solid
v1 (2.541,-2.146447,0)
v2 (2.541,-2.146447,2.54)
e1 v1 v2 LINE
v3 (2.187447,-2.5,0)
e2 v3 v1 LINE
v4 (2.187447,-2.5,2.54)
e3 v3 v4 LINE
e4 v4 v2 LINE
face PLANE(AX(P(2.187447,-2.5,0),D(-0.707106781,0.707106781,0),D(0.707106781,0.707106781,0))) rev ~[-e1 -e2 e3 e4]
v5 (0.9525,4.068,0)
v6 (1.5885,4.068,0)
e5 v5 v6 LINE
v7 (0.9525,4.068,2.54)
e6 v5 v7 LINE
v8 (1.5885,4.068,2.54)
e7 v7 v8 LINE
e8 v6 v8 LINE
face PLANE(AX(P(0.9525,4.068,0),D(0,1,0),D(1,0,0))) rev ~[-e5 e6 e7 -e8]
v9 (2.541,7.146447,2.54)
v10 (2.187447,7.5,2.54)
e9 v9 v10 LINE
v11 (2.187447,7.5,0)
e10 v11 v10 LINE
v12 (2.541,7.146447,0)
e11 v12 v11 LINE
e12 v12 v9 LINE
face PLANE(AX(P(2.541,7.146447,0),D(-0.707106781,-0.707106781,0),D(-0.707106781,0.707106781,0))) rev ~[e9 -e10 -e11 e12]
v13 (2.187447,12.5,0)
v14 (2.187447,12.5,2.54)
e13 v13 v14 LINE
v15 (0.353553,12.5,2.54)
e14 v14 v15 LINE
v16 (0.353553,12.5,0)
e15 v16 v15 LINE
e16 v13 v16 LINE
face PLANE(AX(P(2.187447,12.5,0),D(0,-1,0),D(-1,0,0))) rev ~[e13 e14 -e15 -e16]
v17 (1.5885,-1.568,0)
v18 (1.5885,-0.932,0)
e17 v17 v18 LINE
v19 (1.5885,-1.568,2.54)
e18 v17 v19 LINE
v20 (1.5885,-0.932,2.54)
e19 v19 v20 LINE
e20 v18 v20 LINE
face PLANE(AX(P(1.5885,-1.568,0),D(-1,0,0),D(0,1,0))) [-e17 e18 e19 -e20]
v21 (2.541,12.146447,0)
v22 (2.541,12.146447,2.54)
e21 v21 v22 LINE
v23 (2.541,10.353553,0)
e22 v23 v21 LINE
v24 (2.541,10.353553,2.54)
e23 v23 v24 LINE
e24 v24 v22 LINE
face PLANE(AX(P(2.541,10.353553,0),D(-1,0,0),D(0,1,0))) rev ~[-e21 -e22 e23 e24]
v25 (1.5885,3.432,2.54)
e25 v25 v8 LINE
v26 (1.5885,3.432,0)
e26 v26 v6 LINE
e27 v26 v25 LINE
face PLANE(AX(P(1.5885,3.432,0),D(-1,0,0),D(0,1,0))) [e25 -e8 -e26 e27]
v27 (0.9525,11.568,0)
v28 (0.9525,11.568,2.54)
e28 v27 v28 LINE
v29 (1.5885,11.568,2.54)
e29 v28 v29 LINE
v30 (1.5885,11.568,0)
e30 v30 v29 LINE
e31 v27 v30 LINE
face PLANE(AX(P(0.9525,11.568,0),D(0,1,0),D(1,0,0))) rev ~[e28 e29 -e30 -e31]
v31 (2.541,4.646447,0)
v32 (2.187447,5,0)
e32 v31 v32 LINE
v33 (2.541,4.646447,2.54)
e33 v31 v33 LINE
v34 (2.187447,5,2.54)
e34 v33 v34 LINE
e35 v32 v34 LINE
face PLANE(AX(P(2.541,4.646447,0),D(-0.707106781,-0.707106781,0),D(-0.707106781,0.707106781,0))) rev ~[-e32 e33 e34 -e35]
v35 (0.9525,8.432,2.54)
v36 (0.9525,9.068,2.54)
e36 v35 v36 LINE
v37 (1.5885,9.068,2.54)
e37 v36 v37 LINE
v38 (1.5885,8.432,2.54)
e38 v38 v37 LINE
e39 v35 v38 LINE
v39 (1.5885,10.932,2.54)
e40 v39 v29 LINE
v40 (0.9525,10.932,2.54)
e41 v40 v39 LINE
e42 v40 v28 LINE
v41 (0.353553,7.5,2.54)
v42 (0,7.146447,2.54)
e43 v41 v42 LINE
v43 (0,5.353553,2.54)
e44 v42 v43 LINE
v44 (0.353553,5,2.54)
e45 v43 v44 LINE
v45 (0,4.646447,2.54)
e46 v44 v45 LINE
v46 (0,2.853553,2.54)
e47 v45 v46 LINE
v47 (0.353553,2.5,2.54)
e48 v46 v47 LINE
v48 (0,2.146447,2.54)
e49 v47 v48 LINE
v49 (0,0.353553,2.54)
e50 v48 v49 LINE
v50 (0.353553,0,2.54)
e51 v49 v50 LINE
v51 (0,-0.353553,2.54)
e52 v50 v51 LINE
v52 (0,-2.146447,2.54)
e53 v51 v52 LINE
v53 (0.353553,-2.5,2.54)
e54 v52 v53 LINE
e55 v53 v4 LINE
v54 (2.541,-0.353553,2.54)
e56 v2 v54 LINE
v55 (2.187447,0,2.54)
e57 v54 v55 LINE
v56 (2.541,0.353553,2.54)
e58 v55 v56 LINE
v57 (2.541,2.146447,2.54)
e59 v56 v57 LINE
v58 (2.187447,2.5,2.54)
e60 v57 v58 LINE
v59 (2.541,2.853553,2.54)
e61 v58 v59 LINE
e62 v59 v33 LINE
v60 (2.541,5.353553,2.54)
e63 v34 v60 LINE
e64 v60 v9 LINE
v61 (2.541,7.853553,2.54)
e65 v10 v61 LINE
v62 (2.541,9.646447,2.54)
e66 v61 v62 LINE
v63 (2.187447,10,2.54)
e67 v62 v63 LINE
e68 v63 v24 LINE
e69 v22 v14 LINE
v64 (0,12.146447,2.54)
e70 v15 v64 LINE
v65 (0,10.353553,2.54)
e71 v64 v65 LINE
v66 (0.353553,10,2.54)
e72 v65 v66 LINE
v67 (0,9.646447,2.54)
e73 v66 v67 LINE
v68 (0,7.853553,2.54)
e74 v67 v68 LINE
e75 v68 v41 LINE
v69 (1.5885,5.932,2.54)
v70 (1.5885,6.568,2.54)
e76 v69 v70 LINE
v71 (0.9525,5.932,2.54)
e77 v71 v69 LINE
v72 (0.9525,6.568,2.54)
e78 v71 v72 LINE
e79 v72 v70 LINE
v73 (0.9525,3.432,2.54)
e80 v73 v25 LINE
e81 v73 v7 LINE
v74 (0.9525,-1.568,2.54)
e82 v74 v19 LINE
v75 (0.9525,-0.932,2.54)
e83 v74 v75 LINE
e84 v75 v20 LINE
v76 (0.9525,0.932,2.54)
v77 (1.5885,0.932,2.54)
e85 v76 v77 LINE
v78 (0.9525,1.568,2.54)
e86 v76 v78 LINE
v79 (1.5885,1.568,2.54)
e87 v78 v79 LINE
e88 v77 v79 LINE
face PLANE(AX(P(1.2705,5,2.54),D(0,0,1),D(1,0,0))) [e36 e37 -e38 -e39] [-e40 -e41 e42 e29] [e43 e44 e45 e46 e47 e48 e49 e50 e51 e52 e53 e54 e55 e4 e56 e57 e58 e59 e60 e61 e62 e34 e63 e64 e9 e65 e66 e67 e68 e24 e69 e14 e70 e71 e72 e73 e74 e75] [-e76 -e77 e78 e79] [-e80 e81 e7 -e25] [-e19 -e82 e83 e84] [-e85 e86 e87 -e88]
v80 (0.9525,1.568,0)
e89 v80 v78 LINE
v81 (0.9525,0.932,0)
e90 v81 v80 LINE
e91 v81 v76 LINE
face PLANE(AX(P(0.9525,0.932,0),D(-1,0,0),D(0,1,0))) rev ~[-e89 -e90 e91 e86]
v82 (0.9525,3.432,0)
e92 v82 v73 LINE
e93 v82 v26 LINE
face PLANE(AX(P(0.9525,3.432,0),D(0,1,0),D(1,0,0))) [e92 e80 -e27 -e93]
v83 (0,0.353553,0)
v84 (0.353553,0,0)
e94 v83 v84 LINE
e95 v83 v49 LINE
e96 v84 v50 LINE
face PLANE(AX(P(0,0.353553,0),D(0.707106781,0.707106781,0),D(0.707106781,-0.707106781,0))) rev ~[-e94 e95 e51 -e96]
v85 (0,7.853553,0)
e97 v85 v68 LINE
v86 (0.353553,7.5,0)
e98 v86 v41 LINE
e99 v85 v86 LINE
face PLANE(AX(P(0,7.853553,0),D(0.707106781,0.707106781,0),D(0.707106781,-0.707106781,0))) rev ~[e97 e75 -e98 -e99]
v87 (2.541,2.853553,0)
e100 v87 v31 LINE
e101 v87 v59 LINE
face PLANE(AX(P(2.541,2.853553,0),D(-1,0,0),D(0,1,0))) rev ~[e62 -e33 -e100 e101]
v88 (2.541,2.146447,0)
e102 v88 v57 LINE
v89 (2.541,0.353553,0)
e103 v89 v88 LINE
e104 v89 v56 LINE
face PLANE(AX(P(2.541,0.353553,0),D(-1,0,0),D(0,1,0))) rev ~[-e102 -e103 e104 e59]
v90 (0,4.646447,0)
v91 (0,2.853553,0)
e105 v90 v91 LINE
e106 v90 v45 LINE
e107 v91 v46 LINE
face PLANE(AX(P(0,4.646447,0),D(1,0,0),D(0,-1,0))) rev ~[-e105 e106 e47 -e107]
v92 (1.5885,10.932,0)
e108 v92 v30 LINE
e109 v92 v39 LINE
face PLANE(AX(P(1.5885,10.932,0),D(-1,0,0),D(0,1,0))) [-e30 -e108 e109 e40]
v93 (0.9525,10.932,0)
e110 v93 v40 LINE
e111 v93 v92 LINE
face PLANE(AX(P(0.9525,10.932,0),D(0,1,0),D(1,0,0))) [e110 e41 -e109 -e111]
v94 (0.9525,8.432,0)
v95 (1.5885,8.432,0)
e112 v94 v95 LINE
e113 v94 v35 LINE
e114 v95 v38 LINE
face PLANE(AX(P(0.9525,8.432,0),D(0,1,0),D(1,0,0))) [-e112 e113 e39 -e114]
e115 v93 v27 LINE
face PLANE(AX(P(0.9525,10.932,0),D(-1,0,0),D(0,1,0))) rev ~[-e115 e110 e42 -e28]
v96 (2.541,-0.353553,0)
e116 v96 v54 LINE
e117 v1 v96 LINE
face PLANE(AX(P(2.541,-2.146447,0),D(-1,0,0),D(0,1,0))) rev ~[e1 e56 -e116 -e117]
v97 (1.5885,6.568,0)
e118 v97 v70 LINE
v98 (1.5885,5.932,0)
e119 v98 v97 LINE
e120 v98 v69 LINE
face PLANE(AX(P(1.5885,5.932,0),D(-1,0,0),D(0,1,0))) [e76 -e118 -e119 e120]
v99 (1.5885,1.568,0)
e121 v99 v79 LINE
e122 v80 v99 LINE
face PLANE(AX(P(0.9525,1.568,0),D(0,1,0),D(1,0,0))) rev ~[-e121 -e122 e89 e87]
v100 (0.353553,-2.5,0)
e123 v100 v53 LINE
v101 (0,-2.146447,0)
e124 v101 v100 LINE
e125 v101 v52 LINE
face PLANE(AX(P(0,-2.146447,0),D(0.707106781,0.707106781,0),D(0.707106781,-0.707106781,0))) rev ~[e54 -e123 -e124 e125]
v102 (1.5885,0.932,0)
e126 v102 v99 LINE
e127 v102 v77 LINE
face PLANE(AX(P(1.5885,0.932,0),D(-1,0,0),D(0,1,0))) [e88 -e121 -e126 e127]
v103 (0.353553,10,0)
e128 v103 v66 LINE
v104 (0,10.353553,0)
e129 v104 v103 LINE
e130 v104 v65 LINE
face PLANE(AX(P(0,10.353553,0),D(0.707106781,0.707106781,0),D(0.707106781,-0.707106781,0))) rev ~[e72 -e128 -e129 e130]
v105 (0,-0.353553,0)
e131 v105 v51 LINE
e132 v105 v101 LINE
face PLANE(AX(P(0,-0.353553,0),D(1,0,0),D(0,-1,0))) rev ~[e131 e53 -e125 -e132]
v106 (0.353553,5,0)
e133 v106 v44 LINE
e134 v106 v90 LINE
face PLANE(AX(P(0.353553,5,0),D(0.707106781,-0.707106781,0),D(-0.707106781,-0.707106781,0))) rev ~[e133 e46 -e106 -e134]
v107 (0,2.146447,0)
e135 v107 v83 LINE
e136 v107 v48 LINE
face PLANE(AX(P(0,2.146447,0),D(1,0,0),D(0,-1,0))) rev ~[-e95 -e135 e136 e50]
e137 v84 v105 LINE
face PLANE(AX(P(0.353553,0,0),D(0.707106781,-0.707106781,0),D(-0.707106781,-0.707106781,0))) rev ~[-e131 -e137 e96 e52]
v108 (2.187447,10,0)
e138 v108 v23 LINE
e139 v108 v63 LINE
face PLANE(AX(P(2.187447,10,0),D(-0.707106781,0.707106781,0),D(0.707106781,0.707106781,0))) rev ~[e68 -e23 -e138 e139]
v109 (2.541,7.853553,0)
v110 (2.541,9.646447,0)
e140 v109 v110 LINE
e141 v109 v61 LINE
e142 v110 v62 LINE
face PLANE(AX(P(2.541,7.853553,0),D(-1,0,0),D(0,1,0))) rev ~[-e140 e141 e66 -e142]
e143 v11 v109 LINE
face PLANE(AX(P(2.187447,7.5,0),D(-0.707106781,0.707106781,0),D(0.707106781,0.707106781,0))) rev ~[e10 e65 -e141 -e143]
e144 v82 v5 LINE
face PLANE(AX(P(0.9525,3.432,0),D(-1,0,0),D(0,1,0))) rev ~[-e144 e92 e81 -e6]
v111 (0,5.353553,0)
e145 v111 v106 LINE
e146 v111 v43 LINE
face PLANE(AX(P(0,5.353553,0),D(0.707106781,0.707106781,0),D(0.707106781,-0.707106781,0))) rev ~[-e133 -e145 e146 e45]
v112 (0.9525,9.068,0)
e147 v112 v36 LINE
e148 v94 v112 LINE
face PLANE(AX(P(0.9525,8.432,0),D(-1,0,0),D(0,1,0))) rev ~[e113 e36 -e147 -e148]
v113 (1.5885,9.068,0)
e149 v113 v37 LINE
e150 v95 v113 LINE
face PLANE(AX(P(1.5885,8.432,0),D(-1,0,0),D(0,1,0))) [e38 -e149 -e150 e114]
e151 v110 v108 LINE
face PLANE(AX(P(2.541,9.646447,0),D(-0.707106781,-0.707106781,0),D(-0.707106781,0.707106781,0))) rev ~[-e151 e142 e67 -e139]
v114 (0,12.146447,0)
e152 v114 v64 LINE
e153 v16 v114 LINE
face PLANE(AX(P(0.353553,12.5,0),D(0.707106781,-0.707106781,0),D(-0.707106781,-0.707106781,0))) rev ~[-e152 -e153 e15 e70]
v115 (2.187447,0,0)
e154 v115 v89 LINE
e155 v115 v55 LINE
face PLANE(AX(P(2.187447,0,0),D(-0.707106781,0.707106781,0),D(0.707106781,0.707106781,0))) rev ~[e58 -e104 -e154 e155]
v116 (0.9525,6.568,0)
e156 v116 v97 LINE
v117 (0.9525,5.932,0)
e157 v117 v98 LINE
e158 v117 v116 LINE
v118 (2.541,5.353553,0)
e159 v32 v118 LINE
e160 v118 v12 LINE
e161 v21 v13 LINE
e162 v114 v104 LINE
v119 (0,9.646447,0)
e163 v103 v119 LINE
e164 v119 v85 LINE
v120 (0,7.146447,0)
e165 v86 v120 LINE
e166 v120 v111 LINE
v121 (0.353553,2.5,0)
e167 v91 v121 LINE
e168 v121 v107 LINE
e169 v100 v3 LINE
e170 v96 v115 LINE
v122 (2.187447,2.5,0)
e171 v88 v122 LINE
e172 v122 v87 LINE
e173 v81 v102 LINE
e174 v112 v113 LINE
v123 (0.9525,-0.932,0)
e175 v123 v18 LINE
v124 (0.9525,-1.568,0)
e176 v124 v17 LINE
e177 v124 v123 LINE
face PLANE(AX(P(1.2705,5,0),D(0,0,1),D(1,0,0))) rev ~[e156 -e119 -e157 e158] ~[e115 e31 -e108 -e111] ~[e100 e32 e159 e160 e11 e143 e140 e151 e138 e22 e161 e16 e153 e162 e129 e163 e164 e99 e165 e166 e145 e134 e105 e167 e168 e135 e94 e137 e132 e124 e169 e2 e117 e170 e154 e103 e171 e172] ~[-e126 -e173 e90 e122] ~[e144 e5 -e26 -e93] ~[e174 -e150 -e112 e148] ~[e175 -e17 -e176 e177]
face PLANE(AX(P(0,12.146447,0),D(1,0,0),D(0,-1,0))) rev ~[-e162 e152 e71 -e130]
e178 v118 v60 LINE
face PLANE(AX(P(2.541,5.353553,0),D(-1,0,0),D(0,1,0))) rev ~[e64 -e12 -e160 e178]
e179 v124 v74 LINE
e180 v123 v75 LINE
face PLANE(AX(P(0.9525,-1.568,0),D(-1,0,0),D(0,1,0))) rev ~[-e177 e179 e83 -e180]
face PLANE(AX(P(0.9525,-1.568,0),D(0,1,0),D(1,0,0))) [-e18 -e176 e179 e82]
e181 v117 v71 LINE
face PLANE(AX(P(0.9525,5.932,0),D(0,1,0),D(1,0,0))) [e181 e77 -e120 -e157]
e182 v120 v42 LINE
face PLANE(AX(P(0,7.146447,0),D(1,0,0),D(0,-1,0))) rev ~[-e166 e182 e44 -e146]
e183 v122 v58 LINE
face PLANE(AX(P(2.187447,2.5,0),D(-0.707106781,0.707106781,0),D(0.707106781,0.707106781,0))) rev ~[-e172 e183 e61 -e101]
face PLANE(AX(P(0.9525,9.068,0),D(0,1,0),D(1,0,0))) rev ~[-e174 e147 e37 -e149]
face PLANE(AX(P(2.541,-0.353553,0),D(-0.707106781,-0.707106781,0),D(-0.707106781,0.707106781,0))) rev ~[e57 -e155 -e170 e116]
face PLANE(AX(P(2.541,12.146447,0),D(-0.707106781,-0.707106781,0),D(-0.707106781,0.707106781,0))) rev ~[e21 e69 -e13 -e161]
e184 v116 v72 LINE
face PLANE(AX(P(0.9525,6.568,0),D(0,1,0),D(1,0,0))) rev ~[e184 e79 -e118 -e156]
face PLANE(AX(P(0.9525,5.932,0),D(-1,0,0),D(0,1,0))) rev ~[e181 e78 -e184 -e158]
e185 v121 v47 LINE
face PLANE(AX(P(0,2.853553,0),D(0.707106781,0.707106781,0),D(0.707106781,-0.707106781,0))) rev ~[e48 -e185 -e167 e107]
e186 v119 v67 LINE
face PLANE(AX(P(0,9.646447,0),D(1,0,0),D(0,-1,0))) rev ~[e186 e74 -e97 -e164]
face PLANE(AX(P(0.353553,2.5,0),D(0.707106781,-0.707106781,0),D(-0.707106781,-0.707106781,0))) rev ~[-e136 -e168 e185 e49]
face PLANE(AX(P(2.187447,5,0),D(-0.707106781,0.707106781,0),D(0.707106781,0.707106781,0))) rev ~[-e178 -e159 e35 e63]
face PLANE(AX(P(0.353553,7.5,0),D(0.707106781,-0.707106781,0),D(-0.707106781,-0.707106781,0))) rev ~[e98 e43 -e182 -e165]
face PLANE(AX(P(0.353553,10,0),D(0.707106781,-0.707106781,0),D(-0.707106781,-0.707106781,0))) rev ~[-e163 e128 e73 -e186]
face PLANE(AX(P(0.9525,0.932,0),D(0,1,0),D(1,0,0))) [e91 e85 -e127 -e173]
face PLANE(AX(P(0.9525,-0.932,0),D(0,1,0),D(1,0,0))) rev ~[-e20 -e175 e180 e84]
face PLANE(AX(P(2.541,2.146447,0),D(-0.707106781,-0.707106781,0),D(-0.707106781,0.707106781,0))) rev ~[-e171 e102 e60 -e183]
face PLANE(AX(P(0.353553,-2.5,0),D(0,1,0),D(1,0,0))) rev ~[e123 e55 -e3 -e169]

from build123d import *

# Parameters (mm, degrees)
PIN_BODY_W          = 0.636
PIN_BODY_H          = 0.636
BOSS_EXTRUDE1_DEPTH = 2.54


with BuildPart() as part:
    # pin_body → Boss-Extrude1 (new body)
    with BuildSketch(Plane.XY):
        Polygon((0, 2.146446609), (0, 0.353553391), (0.353553391, 0), (0, -0.353553391), (0, -2.146446609), (0.353553391, -2.5), (2.187446609, -2.5), (2.541, -2.146446609), (2.541, -0.353553391), (2.187446609, 0), (2.541, 0.353553391), (2.541, 2.146446609), (2.187446609, 2.5), (2.541, 2.853553391), (2.541, 4.646446609), (2.187446609, 5), (2.541, 5.353553391), (2.541, 7.146446609), (2.187446609, 7.5), (2.541, 7.853553391), (2.541, 9.646446609), (2.187446609, 10), (2.541, 10.353553391), (2.541, 12.146446609), (2.187446609, 12.5), (0.353553391, 12.5), (0, 12.146446609), (0, 10.353553391), (0.353553391, 10), (0, 9.646446609), (0, 7.853553391), (0.353553391, 7.5), (0, 7.146446609), (0, 5.353553391), (0.353553391, 5), (0, 4.646446609), (0, 2.853553391), (0.353553391, 2.5), align=None)
        with Locations((1.2705, -1.25)):
            Rectangle(PIN_BODY_W, PIN_BODY_H, mode=Mode.SUBTRACT)
        with Locations((1.2705, 1.25)):
            Rectangle(PIN_BODY_W, PIN_BODY_H, mode=Mode.SUBTRACT)
        with Locations((1.2705, 3.75)):
            Rectangle(PIN_BODY_W, PIN_BODY_H, mode=Mode.SUBTRACT)
        with Locations((1.2705, 6.25)):
            Rectangle(PIN_BODY_W, PIN_BODY_H, mode=Mode.SUBTRACT)
        with Locations((1.2705, 8.75)):
            Rectangle(PIN_BODY_W, PIN_BODY_H, mode=Mode.SUBTRACT)
        with Locations((1.2705, 11.25)):
            Rectangle(PIN_BODY_W, PIN_BODY_H, mode=Mode.SUBTRACT)
    extrude(amount=BOSS_EXTRUDE1_DEPTH)


solid = part.part
